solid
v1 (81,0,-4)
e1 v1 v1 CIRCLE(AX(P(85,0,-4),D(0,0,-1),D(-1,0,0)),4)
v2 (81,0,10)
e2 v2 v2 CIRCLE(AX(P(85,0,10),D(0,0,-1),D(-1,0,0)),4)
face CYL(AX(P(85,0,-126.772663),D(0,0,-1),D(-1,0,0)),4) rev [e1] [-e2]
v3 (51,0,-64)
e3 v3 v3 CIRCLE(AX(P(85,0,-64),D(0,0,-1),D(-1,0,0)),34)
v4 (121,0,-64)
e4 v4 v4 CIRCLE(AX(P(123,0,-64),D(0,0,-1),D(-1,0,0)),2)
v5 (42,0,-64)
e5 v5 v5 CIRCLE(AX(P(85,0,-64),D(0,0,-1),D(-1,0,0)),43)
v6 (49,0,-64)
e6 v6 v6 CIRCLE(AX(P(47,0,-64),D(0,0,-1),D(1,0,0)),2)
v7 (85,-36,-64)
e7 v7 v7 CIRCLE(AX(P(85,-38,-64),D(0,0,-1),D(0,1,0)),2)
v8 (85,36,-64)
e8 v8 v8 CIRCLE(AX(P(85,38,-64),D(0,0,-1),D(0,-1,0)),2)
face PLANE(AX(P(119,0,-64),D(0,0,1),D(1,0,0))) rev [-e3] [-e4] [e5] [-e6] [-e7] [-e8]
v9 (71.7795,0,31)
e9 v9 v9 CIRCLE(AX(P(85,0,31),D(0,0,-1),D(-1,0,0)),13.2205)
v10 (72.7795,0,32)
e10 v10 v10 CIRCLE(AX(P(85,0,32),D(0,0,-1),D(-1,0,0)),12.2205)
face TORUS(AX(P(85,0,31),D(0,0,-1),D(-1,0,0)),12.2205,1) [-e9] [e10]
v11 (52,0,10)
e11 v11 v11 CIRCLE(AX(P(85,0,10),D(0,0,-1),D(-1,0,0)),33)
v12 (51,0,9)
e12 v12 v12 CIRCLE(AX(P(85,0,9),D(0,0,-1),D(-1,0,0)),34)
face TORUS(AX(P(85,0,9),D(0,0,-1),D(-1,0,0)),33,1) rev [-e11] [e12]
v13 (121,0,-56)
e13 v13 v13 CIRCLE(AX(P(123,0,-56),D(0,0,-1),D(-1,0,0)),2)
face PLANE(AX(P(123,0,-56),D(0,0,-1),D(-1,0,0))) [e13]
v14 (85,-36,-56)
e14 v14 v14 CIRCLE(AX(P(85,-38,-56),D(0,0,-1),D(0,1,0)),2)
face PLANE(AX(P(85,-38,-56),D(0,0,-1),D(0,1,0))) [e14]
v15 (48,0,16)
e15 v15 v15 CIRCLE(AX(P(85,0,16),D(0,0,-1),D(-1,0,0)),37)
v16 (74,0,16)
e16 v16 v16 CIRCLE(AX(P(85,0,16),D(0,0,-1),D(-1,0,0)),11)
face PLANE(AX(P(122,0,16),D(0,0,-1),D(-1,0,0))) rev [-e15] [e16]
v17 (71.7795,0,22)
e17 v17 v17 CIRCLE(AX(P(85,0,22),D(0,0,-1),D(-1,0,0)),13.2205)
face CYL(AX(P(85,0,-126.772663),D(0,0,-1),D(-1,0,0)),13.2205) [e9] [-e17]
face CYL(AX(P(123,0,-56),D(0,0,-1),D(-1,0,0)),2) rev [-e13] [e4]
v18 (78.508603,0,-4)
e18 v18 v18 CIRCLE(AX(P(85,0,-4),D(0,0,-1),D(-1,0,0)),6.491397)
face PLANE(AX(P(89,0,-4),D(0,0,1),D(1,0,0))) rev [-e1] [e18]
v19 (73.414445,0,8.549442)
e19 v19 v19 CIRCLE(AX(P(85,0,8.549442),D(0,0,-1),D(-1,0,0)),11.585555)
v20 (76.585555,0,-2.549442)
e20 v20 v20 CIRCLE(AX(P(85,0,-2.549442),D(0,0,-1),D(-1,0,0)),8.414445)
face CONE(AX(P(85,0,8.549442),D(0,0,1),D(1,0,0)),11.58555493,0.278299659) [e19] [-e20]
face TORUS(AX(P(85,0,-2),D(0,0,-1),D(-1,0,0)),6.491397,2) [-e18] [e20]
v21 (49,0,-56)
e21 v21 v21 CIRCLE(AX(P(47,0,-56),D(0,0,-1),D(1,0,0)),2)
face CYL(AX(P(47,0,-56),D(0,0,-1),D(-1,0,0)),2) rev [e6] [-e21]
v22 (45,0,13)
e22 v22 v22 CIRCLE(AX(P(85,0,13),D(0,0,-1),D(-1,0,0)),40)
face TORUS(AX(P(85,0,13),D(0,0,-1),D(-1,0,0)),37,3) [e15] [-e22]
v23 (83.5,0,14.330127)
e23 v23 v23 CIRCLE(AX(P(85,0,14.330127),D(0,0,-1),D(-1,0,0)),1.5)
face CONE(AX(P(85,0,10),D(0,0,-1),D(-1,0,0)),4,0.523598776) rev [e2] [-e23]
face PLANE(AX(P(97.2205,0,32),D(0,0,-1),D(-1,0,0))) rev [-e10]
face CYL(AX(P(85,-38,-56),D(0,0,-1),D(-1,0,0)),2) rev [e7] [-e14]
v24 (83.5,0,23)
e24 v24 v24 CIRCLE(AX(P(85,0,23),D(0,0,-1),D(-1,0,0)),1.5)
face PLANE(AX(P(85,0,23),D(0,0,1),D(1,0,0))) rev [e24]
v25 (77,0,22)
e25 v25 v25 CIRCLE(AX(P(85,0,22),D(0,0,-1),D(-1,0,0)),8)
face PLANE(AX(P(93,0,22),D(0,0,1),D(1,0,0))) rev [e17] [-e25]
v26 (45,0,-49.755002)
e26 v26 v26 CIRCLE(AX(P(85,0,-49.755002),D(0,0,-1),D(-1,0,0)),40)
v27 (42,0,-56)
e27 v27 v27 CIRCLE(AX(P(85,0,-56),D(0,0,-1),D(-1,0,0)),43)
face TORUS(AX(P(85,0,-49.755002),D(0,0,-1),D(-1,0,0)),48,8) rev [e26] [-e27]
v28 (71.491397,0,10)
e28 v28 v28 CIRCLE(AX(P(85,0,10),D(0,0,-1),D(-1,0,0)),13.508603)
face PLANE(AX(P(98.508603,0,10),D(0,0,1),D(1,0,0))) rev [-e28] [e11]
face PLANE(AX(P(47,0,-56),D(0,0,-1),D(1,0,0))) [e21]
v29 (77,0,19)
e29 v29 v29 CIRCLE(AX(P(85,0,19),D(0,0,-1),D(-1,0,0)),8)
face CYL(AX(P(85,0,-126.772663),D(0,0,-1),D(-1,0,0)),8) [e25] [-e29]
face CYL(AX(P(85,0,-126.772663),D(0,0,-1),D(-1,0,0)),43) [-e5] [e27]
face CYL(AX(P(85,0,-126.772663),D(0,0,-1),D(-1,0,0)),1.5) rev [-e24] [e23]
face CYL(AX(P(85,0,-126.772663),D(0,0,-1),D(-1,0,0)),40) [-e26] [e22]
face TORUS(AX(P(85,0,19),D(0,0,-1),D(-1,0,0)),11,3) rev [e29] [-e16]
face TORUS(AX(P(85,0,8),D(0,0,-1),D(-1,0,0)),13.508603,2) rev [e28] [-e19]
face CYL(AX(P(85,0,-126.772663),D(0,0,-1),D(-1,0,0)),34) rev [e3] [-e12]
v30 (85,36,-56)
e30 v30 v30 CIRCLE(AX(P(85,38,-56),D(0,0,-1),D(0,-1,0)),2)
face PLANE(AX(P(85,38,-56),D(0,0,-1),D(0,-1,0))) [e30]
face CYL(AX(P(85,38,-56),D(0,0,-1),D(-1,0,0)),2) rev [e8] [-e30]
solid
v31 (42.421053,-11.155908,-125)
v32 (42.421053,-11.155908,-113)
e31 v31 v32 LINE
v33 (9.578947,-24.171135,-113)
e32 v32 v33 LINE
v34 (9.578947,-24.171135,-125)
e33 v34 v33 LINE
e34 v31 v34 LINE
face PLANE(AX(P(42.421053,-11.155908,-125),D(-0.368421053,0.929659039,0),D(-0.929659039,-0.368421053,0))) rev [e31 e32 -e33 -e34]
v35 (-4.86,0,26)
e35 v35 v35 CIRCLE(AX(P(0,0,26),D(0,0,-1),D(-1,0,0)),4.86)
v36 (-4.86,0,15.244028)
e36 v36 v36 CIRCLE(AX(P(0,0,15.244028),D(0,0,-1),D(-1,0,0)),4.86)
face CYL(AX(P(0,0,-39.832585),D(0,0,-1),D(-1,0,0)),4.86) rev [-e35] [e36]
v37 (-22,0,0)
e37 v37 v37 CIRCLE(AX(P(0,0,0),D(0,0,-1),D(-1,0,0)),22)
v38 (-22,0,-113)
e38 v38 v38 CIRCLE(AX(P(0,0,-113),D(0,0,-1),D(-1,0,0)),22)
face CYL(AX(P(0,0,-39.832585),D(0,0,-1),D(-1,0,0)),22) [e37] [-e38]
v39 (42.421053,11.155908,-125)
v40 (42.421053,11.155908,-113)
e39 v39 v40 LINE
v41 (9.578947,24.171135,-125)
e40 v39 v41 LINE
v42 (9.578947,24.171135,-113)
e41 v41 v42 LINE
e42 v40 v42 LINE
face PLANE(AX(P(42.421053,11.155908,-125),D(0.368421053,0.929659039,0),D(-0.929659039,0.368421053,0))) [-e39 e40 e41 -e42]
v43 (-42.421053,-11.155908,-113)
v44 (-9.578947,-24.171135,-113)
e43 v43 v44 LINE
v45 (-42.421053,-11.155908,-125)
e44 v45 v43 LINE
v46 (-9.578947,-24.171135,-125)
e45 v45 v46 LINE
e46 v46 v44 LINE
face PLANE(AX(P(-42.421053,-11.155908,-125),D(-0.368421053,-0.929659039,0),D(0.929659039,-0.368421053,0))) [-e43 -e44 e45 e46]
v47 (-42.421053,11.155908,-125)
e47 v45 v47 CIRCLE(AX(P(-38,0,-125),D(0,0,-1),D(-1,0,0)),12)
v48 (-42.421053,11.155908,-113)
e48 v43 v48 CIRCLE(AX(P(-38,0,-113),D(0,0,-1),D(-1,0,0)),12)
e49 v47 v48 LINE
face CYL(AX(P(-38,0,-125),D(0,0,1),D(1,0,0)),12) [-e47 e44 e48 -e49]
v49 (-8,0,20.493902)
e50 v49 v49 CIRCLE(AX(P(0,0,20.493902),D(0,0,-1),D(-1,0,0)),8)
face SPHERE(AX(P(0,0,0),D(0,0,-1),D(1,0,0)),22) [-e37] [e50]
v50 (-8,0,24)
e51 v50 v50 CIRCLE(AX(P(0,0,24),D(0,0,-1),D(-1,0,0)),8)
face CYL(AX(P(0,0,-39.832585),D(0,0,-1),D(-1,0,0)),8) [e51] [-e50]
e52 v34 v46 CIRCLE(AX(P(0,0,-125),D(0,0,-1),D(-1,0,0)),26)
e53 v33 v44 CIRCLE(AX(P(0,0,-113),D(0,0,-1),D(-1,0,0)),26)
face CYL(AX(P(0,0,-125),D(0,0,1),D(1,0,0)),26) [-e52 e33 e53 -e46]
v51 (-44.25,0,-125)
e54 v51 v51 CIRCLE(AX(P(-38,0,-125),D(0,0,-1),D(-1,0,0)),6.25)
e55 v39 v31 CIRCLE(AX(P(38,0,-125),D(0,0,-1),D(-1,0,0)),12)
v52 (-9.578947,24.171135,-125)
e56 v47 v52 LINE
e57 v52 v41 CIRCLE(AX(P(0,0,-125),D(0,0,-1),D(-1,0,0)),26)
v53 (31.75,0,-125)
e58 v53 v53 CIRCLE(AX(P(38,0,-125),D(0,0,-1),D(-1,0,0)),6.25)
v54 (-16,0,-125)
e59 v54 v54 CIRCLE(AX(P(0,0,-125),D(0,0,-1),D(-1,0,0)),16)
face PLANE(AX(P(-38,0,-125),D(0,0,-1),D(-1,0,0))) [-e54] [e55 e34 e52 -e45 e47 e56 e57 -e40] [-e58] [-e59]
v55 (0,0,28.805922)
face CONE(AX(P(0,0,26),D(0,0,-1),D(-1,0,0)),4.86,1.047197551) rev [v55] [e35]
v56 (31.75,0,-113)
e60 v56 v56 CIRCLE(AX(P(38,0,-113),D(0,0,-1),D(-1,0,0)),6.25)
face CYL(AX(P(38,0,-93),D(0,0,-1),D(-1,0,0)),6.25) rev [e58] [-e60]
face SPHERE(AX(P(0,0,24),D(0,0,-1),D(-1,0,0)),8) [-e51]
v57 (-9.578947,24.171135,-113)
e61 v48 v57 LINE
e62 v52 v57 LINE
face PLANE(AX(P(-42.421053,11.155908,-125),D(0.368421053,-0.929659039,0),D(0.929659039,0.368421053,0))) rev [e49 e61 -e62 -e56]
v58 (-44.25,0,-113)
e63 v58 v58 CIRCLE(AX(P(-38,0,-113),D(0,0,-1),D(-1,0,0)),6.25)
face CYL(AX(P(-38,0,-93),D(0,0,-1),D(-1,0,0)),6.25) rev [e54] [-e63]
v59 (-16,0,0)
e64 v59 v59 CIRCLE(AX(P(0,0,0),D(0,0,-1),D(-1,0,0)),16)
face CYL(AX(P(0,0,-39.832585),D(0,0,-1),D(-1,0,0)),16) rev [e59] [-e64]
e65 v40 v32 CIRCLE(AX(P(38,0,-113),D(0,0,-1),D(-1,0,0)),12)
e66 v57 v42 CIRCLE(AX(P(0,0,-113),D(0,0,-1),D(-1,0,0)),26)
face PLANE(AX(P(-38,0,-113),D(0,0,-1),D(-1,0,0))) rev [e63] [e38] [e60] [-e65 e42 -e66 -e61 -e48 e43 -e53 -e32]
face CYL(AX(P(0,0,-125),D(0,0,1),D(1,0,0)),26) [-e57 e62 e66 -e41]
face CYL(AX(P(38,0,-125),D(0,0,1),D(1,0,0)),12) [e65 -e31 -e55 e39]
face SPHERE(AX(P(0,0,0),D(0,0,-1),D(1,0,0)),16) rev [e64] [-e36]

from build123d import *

# Parameters (mm, degrees)
BOSS_EXTRUDE1_DEPTH = 12
SKETCH7_R           = 6.25
SKETCH7_R_2         = 16
CUT_EXTRUDE2_DEPTH  = 32
SKETCH11_R          = 2
CUT_EXTRUDE3_DEPTH  = 8
CIRPATTERN6_COUNT   = 4


with BuildPart() as part:
    # Sketch1 → Revolve1 (revolve)
    with BuildSketch(Plane(origin=(0, 0, 0), x_dir=(1, 0, 0), z_dir=(0, 1, 0)), mode=Mode.PRIVATE) as revolve1_sk:
        with BuildLine():
            Line((22, 113), (22, 0))
            ThreePointArc((22, 0), (18.165902125, -12.409673646), (8, -20.493901532))
            Line((8, -20.493901532), (8, -24))
            ThreePointArc((8, -24), (5.656854249, -29.656854249), (0, -32))
            Line((0, -32), (0, -28.805922308))
            Line((0, -28.805922308), (4.86, -26))
            Line((4.86, -26), (4.86, -15.244028339))
            ThreePointArc((4.86, -15.244028339), (12.91820421, -9.440338977), (16, 0))
            Line((16, 0), (16, 113))
            Line((16, 113), (22, 113))
        make_face()
    revolve(revolve1_sk.sketch.rotate(Axis((0, 0, -39.832584558), (0, 0, 1)), 180), axis=Axis((0, 0, -39.832584558), (0, 0, 1)))

    # Sketch4 → Boss-Extrude1 (add)
    with BuildSketch(Plane(origin=(0, 0, -113), x_dir=(-1, 0, 0), z_dir=(0, 0, -1))):
        with BuildLine():
            Line((-42.421052632, 11.155908463), (-9.578947368, 24.171135003))
            ThreePointArc((-9.578947368, 24.171135003), (0, 26), (9.578947368, 24.171135003))
            Line((9.578947368, 24.171135003), (42.421052632, 11.155908463))
            ThreePointArc((42.421052632, 11.155908463), (50, 0), (42.421052632, -11.155908463))
            Line((42.421052632, -11.155908463), (9.578947368, -24.171135003))
            ThreePointArc((9.578947368, -24.171135003), (0, -26), (-9.578947368, -24.171135003))
            Line((-9.578947368, -24.171135003), (-42.421052632, -11.155908463))
            ThreePointArc((-42.421052632, -11.155908463), (-50, 0), (-42.421052632, 11.155908463))
        make_face()
    extrude(amount=BOSS_EXTRUDE1_DEPTH)

    # Sketch7 → Cut-Extrude2 (cut)
    with BuildSketch(Plane(origin=(0, 0, -125), x_dir=(-1, 0, 0), z_dir=(0, 0, -1))):
        with Locations((38, 0)):
            Circle(SKETCH7_R)
        Circle(SKETCH7_R_2)
        with Locations((-38, 0)):
            Circle(SKETCH7_R)
    extrude(amount=-CUT_EXTRUDE2_DEPTH, mode=Mode.SUBTRACT)


with BuildPart() as body_2:
    # Sketch2 → Revolve2 (revolve)
    with BuildSketch(Plane(origin=(0, 0, 0), x_dir=(1, 0, 0), z_dir=(0, 1, 0)), mode=Mode.PRIVATE) as revolve2_sk:
        with BuildLine():
            Line((128, 64), (128, 56))
            ThreePointArc((128, 56), (125.788897449, 53.219103617), (125, 49.755002002))
            Line((125, 49.755002002), (125, -13))
            ThreePointArc((125, -13), (124.121320344, -15.121320344), (122, -16))
            Line((122, -16), (96, -16))
            ThreePointArc((96, -16), (93.878679656, -16.878679656), (93, -19))
            Line((93, -19), (93, -22))
            Line((93, -22), (98.2205, -22))
            Line((98.2205, -22), (98.2205, -31))
            ThreePointArc((98.2205, -31), (97.927606781, -31.707106781), (97.2205, -32))
            Line((97.2205, -32), (85, -32))
            Line((85, -32), (85, -23))
            Line((85, -23), (86.5, -23))
            Line((86.5, -23), (86.5, -14.330127019))
            Line((86.5, -14.330127019), (89, -10))
            Line((89, -10), (89, 4))
            Line((89, 4), (91.491397174, 4))
            ThreePointArc((91.491397174, 4), (92.695788201, 3.596697296), (93.41444507, 2.549442256))
            Line((93.41444507, 2.549442256), (96.58555493, -8.549442256))
            ThreePointArc((96.58555493, -8.549442256), (97.304211799, -9.596697296), (98.508602826, -10))
            Line((98.508602826, -10), (118, -10))
            ThreePointArc((118, -10), (118.707106781, -9.707106781), (119, -9))
            Line((119, -9), (119, 64))
            Line((119, 64), (128, 64))
        make_face()
    revolve(revolve2_sk.sketch.rotate(Axis((85, 0, -126.772662803), (0, 0, 1)), 180), axis=Axis((85, 0, -126.772662803), (0, 0, 1)))

    # Sketch11 → Cut-Extrude3 (cut)
    with BuildSketch(Plane(origin=(0, 0, -64), x_dir=(-1, 0, 0), z_dir=(0, 0, -1))):
        with Locations((-123, 0)):
            Circle(SKETCH11_R)
    cut_extrude3 = extrude(amount=-CUT_EXTRUDE3_DEPTH, mode=Mode.SUBTRACT)

    # CirPattern6: Cut-Extrude3 ×4 about axis
    cirpattern6_axis = Axis((85, 0, 0), (0, 0, 1))
    for i in range(1, CIRPATTERN6_COUNT):
        add(cut_extrude3.rotate(cirpattern6_axis, i * 360 / CIRPATTERN6_COUNT), mode=Mode.SUBTRACT)


solid = Compound([part.part, body_2.part])
